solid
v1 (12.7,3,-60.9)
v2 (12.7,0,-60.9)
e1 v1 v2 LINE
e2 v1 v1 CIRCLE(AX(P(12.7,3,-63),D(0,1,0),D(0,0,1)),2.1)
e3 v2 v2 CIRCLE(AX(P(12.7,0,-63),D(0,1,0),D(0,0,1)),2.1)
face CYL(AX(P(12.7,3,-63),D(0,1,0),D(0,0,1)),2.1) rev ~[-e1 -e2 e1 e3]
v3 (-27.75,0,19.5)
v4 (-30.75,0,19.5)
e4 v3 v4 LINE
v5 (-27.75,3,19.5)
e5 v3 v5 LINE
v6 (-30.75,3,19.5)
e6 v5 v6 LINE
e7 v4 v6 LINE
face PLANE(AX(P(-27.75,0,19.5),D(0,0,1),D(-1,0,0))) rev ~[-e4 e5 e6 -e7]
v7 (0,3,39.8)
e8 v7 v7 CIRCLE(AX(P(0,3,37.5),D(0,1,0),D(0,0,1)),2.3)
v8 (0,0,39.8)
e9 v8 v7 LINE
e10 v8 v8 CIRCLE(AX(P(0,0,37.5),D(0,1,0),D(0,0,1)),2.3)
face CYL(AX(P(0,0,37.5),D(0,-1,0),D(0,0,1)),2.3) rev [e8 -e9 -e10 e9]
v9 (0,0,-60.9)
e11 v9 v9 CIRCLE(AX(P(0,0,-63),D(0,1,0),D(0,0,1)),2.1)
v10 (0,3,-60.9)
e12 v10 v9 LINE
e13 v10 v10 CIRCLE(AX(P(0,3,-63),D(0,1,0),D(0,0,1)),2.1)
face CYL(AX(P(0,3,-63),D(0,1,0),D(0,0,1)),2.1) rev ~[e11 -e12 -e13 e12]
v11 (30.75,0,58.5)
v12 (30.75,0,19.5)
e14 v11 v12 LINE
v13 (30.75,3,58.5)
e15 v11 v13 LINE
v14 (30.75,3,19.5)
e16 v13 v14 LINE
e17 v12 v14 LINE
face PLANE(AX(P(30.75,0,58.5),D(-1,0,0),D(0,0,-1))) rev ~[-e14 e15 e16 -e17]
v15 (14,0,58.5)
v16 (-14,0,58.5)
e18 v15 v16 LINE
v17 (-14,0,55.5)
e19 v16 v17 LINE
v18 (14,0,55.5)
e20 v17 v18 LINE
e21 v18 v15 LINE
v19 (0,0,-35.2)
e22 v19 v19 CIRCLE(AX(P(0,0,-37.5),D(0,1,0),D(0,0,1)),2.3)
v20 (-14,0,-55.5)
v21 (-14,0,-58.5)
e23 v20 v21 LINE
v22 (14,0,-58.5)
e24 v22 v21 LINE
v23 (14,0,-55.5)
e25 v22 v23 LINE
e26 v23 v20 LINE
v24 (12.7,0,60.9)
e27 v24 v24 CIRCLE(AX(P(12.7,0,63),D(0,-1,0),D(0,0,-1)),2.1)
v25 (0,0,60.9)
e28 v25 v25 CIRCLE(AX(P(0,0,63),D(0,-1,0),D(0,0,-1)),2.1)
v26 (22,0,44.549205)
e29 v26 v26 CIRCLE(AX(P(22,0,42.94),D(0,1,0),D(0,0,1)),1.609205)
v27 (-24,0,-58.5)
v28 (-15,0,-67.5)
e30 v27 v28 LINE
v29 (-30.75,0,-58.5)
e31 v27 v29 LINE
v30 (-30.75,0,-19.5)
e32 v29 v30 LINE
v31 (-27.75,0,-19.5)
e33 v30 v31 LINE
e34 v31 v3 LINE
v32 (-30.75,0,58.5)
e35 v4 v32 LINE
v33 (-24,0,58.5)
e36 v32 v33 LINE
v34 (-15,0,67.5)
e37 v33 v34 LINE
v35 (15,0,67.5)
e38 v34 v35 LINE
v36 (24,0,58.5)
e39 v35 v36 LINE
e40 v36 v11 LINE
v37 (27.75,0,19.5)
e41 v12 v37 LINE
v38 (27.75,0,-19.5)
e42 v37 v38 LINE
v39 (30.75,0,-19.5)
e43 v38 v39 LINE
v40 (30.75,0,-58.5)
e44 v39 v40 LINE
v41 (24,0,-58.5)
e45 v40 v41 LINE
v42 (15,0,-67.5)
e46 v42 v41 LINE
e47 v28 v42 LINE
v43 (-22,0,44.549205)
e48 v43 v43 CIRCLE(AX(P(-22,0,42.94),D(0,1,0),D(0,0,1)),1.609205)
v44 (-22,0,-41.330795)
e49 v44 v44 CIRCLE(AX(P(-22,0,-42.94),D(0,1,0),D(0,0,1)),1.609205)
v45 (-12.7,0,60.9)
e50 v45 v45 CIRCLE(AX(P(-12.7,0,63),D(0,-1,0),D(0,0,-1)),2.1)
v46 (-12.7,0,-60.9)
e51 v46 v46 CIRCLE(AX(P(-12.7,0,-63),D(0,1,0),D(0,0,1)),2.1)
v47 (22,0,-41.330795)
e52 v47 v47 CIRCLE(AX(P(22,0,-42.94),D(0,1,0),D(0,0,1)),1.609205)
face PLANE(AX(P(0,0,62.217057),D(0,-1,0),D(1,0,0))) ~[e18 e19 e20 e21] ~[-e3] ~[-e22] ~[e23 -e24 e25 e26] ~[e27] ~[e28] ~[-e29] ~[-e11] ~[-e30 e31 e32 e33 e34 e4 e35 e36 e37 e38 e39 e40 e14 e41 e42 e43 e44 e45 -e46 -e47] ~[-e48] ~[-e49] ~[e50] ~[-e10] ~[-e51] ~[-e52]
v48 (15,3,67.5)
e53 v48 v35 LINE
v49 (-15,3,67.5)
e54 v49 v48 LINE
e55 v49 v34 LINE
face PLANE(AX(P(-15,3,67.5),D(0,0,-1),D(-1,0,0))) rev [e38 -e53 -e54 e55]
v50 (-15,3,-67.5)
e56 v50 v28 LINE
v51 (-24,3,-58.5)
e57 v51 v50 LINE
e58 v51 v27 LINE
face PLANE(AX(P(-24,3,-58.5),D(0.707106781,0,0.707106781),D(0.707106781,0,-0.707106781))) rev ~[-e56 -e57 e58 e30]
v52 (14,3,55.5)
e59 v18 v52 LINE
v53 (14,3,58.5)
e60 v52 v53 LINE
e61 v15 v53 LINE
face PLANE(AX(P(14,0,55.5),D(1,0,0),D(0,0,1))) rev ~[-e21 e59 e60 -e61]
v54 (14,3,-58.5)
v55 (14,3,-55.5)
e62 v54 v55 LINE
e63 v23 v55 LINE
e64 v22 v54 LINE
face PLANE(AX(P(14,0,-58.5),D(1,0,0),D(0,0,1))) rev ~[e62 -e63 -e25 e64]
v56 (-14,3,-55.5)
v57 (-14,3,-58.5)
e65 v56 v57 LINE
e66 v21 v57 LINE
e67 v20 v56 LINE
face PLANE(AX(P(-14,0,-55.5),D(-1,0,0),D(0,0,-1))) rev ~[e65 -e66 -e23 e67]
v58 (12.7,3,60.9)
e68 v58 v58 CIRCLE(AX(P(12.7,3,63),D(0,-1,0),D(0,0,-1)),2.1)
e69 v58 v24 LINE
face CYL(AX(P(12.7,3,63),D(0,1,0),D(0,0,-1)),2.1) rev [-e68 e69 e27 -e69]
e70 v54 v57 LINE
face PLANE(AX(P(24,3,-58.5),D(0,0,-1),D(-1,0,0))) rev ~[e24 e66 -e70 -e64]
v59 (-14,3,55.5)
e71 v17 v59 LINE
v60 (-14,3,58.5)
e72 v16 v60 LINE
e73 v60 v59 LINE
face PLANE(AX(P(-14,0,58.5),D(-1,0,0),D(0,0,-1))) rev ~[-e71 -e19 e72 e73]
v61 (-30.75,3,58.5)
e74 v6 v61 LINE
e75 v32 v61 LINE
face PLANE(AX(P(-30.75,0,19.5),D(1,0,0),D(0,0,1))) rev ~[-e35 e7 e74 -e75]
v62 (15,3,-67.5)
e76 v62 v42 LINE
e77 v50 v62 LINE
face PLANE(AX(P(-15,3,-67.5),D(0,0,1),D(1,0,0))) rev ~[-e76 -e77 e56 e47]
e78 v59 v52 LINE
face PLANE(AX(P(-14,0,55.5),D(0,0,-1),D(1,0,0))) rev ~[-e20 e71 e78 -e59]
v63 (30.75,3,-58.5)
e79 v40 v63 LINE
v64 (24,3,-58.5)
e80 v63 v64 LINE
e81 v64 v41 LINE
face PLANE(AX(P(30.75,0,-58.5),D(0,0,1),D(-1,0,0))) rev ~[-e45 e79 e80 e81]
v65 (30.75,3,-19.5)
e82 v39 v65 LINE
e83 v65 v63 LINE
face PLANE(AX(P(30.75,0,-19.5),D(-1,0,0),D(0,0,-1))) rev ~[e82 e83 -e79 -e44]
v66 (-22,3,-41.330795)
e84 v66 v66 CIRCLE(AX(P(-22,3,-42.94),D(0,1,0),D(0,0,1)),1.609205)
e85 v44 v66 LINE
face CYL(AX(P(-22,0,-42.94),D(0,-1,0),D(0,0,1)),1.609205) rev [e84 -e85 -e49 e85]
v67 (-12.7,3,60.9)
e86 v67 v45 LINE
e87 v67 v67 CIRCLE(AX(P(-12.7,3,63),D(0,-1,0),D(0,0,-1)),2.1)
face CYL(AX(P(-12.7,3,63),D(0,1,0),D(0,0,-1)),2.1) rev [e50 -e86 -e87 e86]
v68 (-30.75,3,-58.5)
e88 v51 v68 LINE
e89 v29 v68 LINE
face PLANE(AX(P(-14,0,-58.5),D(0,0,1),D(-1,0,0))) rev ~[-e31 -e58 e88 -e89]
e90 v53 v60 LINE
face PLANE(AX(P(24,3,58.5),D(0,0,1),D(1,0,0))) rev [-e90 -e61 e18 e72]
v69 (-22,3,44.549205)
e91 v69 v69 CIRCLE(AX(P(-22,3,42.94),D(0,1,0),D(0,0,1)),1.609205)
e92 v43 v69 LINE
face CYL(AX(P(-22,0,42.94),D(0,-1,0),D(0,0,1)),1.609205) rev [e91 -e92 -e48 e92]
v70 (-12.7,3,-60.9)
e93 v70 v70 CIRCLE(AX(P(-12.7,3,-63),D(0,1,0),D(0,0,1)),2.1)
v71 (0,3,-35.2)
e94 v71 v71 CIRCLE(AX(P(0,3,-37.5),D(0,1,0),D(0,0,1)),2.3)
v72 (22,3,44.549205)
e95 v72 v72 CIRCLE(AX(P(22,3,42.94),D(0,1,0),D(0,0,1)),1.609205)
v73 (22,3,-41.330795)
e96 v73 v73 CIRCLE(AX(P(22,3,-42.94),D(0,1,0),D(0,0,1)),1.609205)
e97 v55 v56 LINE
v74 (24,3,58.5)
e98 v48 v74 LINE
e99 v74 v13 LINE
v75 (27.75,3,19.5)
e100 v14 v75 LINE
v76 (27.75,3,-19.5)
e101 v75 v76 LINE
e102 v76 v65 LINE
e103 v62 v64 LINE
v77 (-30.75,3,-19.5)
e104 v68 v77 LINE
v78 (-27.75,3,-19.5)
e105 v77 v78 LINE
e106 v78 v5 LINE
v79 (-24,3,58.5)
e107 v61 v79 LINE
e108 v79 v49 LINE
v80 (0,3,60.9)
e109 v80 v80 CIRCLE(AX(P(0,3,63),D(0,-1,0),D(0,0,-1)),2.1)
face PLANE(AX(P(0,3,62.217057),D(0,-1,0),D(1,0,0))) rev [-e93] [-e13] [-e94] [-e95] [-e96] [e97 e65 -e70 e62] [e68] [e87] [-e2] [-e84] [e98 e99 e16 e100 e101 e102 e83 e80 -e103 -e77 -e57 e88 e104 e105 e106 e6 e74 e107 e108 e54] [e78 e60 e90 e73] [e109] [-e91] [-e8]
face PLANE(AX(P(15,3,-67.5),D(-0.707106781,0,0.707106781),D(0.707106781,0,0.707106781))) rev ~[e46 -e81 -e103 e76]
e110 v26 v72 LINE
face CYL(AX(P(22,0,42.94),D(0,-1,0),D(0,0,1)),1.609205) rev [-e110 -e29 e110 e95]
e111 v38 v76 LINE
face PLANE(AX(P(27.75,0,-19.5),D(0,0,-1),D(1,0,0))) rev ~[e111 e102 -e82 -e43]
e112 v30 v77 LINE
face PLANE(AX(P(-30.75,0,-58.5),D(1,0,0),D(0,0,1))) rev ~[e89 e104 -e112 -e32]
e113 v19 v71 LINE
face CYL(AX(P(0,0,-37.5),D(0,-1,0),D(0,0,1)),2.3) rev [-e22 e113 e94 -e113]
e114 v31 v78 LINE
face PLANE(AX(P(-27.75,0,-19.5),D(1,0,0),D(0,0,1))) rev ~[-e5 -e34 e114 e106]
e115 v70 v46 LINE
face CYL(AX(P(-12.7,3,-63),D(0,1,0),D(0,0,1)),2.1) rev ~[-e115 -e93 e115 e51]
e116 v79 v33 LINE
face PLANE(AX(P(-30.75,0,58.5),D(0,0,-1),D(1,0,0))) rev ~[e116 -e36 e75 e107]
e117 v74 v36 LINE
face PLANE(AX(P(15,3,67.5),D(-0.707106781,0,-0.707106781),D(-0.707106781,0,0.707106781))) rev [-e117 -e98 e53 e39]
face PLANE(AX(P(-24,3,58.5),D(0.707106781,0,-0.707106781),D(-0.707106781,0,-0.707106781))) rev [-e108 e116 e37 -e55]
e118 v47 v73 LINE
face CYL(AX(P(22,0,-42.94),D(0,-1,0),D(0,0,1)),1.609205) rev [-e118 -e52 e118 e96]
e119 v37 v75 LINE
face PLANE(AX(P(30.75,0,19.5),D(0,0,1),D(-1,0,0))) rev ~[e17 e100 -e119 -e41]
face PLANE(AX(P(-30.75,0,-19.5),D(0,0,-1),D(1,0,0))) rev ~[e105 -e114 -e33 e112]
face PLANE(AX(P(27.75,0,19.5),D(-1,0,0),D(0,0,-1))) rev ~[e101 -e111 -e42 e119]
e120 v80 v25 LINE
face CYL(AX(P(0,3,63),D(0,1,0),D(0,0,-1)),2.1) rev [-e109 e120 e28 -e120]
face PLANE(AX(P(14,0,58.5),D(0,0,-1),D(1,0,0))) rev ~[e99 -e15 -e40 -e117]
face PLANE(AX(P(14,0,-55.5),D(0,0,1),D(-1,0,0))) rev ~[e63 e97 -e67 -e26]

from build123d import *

# Parameters (mm, degrees)
SKETCH1_R           = 2.3
SKETCH1_R_2         = 1.609204822
BOSS_EXTRUDE1_DEPTH = 3
SKETCH2_R           = 2.1
BOSS_EXTRUDE2_DEPTH = 3


with BuildPart() as part:
    # Sketch1 → Boss-Extrude1 (new body)
    with BuildSketch(Plane(origin=(0, 0, 0), x_dir=(1, 0, 0), z_dir=(0, 1, 0))):
        Polygon((-30.75, 58.5), (-30.75, 19.5), (-27.75, 19.5), (-27.75, -19.5), (-30.75, -19.5), (-30.75, -58.5), (-14, -58.5), (-14, -55.5), (14, -55.5), (14, -58.5), (30.75, -58.5), (30.75, -19.5), (27.75, -19.5), (27.75, 19.5), (30.75, 19.5), (30.75, 58.5), (14, 58.5), (14, 55.5), (-14, 55.5), (-14, 58.5), align=None)
        with Locations(Location((0, 37.5, 0), (0, 0, 270))):
            Circle(SKETCH1_R, mode=Mode.SUBTRACT)
        with Locations(Location((0, -37.5, 0), (0, 0, 270))):
            Circle(SKETCH1_R, mode=Mode.SUBTRACT)
        with Locations(Location((-22, -42.94, 0), (0, 0, 270))):
            Circle(SKETCH1_R_2, mode=Mode.SUBTRACT)
        with Locations(Location((22, -42.94, 0), (0, 0, 270))):
            Circle(SKETCH1_R_2, mode=Mode.SUBTRACT)
        with Locations(Location((22, 42.94, 0), (0, 0, 270))):
            Circle(SKETCH1_R_2, mode=Mode.SUBTRACT)
        with Locations(Location((-22, 42.94, 0), (0, 0, 270))):
            Circle(SKETCH1_R_2, mode=Mode.SUBTRACT)
    extrude(amount=BOSS_EXTRUDE1_DEPTH)

    # Sketch2 → Boss-Extrude2 (add)
    with BuildSketch(Plane(origin=(0, 3, 0), x_dir=(1, 0, 0), z_dir=(0, 1, 0))):
        Polygon((-24, 58.5), (-15, 67.5), (15, 67.5), (24, 58.5), align=None)
        with Locations(Location((0, 63, 0), (0, 0, 270))):
            Circle(SKETCH2_R, mode=Mode.SUBTRACT)
        with Locations(Location((12.7, 63, 0), (0, 0, 270))):
            Circle(SKETCH2_R, mode=Mode.SUBTRACT)
        with Locations(Location((-12.7, 63, 0), (0, 0, 270))):
            Circle(SKETCH2_R, mode=Mode.SUBTRACT)
    boss_extrude2 = extrude(amount=-BOSS_EXTRUDE2_DEPTH)

    # Mirror1: Boss-Extrude2 across plane
    add(boss_extrude2.mirror(Plane.XY))


solid = part.part
